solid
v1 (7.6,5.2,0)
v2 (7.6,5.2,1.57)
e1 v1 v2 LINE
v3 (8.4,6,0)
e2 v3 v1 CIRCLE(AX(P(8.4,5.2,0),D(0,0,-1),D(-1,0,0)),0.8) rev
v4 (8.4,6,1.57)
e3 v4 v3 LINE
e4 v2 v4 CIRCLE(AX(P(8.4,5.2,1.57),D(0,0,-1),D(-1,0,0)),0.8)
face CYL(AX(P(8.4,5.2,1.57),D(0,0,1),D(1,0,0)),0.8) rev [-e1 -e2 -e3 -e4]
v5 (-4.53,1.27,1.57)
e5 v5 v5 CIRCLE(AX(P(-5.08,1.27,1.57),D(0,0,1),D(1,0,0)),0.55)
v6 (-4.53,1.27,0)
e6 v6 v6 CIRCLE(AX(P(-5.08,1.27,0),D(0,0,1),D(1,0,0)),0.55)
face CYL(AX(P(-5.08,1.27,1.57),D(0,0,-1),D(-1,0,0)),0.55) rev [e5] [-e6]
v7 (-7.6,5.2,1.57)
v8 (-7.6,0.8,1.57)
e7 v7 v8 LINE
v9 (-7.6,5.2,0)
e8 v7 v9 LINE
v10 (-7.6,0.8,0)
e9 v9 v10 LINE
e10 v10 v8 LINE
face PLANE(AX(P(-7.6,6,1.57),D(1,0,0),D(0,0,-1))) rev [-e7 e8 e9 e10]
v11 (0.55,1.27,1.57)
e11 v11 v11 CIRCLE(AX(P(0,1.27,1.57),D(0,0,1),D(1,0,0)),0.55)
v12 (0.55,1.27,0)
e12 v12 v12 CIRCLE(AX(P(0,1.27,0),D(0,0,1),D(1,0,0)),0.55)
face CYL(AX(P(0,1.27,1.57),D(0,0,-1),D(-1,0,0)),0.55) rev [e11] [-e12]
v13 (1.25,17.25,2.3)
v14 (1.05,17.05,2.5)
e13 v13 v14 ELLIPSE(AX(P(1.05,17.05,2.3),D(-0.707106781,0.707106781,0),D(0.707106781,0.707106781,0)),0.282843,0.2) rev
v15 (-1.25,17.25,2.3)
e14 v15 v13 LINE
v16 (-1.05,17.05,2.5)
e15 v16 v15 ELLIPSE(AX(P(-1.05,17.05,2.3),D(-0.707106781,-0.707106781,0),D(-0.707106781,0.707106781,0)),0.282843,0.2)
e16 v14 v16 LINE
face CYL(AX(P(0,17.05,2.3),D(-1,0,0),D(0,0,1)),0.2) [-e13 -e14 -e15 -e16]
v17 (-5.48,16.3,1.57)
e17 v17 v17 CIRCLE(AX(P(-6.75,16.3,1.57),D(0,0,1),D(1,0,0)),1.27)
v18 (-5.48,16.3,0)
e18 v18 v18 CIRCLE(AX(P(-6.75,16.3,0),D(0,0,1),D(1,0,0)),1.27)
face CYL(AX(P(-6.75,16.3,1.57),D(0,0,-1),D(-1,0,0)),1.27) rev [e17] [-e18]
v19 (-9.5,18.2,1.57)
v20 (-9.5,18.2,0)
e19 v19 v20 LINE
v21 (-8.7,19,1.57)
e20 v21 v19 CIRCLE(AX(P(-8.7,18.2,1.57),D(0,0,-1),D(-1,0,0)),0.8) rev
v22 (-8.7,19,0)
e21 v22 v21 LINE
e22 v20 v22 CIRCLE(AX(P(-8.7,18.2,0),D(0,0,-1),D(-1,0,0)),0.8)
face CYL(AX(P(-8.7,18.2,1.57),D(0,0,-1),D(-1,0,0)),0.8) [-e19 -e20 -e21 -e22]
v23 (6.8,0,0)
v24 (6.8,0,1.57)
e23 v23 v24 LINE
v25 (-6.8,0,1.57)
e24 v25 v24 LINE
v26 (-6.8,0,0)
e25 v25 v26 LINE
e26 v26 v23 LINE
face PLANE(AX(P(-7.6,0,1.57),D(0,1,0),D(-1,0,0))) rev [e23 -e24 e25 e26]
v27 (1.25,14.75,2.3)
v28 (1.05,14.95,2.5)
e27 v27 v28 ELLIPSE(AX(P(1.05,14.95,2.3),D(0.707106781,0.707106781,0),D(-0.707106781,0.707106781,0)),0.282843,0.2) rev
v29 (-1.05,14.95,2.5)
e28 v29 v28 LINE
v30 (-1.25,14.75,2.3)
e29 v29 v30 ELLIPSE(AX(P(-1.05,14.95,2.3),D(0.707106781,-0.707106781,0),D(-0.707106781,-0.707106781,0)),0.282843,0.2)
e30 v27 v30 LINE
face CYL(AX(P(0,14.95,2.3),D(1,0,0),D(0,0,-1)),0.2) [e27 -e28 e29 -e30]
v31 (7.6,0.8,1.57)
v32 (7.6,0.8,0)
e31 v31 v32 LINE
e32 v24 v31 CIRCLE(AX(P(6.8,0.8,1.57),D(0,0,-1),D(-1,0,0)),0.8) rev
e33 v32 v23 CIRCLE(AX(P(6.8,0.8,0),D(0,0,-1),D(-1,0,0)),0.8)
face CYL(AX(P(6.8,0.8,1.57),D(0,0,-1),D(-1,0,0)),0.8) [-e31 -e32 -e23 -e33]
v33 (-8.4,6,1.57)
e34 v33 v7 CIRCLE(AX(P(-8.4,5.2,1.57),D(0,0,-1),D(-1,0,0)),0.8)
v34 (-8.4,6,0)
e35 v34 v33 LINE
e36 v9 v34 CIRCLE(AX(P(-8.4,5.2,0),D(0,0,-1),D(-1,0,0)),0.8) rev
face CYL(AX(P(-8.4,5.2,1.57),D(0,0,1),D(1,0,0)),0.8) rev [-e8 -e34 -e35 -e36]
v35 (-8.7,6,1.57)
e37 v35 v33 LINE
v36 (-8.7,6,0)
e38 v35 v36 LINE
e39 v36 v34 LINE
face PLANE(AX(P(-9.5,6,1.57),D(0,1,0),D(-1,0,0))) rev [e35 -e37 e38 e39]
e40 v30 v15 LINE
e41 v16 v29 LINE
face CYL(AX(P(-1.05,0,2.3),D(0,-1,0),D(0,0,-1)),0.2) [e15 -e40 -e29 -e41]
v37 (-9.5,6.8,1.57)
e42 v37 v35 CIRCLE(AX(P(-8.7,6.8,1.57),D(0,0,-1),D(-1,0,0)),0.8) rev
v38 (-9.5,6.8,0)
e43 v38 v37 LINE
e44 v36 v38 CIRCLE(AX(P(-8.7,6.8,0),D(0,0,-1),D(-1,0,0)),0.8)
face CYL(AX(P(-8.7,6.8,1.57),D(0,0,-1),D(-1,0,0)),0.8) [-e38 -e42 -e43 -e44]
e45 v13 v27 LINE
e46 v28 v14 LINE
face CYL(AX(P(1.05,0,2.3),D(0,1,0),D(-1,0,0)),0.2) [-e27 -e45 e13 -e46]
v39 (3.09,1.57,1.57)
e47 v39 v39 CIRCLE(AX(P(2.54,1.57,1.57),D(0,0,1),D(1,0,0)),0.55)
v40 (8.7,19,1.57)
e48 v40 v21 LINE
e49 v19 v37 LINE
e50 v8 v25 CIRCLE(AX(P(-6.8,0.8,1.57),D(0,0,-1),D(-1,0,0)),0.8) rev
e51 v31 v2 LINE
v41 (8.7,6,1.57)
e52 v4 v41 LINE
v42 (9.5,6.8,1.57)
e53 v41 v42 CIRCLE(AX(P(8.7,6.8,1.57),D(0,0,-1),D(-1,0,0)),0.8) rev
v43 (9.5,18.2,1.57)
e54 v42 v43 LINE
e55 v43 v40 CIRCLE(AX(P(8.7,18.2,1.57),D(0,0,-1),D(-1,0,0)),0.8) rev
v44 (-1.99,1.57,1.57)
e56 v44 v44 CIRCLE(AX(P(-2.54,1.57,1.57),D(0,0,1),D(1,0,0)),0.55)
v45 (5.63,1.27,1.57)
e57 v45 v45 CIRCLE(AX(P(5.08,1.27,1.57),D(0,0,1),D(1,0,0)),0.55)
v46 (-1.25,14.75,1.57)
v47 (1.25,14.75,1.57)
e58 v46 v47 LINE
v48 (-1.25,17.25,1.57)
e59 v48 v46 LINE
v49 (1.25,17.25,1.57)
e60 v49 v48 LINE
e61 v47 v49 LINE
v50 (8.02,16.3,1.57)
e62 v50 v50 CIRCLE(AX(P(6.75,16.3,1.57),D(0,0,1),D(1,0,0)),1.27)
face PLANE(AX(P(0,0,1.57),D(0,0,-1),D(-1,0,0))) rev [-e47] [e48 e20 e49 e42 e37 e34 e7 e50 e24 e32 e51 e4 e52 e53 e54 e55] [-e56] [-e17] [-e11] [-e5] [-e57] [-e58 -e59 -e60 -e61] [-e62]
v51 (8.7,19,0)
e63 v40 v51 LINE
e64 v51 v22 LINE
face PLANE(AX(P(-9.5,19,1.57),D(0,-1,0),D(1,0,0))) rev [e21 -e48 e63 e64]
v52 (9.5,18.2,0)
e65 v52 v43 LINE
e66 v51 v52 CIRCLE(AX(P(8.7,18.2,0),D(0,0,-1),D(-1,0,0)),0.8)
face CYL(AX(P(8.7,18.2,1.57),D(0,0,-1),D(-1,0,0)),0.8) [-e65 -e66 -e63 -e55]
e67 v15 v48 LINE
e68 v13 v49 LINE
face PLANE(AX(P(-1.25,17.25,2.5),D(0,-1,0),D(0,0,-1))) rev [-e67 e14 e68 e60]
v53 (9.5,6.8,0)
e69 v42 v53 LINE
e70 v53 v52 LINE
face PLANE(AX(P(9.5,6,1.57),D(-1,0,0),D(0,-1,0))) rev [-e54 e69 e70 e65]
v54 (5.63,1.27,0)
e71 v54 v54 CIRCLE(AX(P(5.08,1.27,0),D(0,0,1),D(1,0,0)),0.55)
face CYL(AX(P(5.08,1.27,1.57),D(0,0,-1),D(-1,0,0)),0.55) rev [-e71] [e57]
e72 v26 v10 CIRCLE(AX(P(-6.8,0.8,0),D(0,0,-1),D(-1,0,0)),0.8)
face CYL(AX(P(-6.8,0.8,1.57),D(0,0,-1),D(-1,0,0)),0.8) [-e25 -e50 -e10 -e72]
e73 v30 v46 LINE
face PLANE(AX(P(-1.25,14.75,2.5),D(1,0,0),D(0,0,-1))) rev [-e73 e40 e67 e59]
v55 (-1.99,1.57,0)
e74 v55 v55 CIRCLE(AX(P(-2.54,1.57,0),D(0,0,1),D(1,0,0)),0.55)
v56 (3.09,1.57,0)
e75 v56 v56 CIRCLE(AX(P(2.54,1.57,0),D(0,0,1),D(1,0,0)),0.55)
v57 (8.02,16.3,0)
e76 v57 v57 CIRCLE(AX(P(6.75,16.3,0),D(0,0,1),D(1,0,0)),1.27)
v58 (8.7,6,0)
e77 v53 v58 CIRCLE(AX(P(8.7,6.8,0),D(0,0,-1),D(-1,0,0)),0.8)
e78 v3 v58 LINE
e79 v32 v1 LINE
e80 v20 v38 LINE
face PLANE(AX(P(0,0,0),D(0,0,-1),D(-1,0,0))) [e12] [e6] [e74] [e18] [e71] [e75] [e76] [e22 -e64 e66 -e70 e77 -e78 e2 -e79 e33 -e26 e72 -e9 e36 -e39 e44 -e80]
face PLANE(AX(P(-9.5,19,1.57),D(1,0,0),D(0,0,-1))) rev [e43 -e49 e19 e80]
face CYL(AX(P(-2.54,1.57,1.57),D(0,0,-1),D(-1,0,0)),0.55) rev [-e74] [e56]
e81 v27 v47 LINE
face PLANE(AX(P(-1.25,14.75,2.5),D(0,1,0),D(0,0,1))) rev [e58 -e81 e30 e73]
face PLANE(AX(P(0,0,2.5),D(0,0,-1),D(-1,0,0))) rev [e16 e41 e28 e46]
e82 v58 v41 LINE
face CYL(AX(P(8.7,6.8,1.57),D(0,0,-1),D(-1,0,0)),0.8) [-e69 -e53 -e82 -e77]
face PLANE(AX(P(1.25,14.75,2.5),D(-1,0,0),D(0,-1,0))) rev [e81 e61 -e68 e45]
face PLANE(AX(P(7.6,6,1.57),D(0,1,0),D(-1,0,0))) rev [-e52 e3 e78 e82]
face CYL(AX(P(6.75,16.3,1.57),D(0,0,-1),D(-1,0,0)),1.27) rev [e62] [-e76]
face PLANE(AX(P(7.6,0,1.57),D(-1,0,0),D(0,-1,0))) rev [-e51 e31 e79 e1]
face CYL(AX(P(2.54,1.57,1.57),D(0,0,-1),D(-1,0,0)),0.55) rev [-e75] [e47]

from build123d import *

# Parameters (mm, degrees)
SKETCH1_R           = 1.27
SKETCH1_R_2         = 0.55
BOSS_EXTRUDE1_DEPTH = 1.57
FILLET1_R           = 0.8
SKETCH2_W           = 2.5
SKETCH2_H           = 2.5
BOSS_EXTRUDE2_DEPTH = 0.93
FILLET2_R           = 0.2


with BuildPart() as part:
    # Sketch1 → Boss-Extrude1 (new body)
    with BuildSketch(Plane.XY):
        Polygon((-9.5, 19), (-9.5, 6), (-7.6, 6), (-7.6, 0), (7.6, 0), (7.6, 6), (9.5, 6), (9.5, 19), align=None)
        with Locations((-6.75, 16.3)):
            Circle(SKETCH1_R, mode=Mode.SUBTRACT)
        with Locations((6.75, 16.3)):
            Circle(SKETCH1_R, mode=Mode.SUBTRACT)
        with Locations((0, 1.27)):
            Circle(SKETCH1_R_2, mode=Mode.SUBTRACT)
        with Locations((-5.08, 1.27)):
            Circle(SKETCH1_R_2, mode=Mode.SUBTRACT)
        with Locations((5.08, 1.27)):
            Circle(SKETCH1_R_2, mode=Mode.SUBTRACT)
        with Locations((-2.54, 1.57)):
            Circle(SKETCH1_R_2, mode=Mode.SUBTRACT)
        with Locations((2.54, 1.57)):
            Circle(SKETCH1_R_2, mode=Mode.SUBTRACT)
    extrude(amount=BOSS_EXTRUDE1_DEPTH)

    # Fillet1
    fillet1_edges = [part.edges().sort_by_distance(p)[0] for p in [
        (9.5, 6, 0.785),
        (7.6, 6, 0.785),
        (7.6, 0, 0.785),
        (-7.6, 0, 0.785),
        (-7.6, 6, 0.785),
        (-9.5, 6, 0.785),
        (-9.5, 19, 0.785),
        (9.5, 19, 0.785),
    ]]
    fillet(fillet1_edges, radius=FILLET1_R)

    # Sketch2 → Boss-Extrude2 (add)
    with BuildSketch(Plane.XY.offset(1.57)):
        with Locations((0, 16)):
            Rectangle(SKETCH2_W, SKETCH2_H)
    extrude(amount=BOSS_EXTRUDE2_DEPTH)

    # Fillet2
    fillet2_edges = [part.edges().sort_by_distance(p)[0] for p in [
        (1.25, 16, 2.5),
        (0, 17.25, 2.5),
        (-1.25, 16, 2.5),
        (0, 14.75, 2.5),
    ]]
    fillet(fillet2_edges, radius=FILLET2_R)


solid = part.part
